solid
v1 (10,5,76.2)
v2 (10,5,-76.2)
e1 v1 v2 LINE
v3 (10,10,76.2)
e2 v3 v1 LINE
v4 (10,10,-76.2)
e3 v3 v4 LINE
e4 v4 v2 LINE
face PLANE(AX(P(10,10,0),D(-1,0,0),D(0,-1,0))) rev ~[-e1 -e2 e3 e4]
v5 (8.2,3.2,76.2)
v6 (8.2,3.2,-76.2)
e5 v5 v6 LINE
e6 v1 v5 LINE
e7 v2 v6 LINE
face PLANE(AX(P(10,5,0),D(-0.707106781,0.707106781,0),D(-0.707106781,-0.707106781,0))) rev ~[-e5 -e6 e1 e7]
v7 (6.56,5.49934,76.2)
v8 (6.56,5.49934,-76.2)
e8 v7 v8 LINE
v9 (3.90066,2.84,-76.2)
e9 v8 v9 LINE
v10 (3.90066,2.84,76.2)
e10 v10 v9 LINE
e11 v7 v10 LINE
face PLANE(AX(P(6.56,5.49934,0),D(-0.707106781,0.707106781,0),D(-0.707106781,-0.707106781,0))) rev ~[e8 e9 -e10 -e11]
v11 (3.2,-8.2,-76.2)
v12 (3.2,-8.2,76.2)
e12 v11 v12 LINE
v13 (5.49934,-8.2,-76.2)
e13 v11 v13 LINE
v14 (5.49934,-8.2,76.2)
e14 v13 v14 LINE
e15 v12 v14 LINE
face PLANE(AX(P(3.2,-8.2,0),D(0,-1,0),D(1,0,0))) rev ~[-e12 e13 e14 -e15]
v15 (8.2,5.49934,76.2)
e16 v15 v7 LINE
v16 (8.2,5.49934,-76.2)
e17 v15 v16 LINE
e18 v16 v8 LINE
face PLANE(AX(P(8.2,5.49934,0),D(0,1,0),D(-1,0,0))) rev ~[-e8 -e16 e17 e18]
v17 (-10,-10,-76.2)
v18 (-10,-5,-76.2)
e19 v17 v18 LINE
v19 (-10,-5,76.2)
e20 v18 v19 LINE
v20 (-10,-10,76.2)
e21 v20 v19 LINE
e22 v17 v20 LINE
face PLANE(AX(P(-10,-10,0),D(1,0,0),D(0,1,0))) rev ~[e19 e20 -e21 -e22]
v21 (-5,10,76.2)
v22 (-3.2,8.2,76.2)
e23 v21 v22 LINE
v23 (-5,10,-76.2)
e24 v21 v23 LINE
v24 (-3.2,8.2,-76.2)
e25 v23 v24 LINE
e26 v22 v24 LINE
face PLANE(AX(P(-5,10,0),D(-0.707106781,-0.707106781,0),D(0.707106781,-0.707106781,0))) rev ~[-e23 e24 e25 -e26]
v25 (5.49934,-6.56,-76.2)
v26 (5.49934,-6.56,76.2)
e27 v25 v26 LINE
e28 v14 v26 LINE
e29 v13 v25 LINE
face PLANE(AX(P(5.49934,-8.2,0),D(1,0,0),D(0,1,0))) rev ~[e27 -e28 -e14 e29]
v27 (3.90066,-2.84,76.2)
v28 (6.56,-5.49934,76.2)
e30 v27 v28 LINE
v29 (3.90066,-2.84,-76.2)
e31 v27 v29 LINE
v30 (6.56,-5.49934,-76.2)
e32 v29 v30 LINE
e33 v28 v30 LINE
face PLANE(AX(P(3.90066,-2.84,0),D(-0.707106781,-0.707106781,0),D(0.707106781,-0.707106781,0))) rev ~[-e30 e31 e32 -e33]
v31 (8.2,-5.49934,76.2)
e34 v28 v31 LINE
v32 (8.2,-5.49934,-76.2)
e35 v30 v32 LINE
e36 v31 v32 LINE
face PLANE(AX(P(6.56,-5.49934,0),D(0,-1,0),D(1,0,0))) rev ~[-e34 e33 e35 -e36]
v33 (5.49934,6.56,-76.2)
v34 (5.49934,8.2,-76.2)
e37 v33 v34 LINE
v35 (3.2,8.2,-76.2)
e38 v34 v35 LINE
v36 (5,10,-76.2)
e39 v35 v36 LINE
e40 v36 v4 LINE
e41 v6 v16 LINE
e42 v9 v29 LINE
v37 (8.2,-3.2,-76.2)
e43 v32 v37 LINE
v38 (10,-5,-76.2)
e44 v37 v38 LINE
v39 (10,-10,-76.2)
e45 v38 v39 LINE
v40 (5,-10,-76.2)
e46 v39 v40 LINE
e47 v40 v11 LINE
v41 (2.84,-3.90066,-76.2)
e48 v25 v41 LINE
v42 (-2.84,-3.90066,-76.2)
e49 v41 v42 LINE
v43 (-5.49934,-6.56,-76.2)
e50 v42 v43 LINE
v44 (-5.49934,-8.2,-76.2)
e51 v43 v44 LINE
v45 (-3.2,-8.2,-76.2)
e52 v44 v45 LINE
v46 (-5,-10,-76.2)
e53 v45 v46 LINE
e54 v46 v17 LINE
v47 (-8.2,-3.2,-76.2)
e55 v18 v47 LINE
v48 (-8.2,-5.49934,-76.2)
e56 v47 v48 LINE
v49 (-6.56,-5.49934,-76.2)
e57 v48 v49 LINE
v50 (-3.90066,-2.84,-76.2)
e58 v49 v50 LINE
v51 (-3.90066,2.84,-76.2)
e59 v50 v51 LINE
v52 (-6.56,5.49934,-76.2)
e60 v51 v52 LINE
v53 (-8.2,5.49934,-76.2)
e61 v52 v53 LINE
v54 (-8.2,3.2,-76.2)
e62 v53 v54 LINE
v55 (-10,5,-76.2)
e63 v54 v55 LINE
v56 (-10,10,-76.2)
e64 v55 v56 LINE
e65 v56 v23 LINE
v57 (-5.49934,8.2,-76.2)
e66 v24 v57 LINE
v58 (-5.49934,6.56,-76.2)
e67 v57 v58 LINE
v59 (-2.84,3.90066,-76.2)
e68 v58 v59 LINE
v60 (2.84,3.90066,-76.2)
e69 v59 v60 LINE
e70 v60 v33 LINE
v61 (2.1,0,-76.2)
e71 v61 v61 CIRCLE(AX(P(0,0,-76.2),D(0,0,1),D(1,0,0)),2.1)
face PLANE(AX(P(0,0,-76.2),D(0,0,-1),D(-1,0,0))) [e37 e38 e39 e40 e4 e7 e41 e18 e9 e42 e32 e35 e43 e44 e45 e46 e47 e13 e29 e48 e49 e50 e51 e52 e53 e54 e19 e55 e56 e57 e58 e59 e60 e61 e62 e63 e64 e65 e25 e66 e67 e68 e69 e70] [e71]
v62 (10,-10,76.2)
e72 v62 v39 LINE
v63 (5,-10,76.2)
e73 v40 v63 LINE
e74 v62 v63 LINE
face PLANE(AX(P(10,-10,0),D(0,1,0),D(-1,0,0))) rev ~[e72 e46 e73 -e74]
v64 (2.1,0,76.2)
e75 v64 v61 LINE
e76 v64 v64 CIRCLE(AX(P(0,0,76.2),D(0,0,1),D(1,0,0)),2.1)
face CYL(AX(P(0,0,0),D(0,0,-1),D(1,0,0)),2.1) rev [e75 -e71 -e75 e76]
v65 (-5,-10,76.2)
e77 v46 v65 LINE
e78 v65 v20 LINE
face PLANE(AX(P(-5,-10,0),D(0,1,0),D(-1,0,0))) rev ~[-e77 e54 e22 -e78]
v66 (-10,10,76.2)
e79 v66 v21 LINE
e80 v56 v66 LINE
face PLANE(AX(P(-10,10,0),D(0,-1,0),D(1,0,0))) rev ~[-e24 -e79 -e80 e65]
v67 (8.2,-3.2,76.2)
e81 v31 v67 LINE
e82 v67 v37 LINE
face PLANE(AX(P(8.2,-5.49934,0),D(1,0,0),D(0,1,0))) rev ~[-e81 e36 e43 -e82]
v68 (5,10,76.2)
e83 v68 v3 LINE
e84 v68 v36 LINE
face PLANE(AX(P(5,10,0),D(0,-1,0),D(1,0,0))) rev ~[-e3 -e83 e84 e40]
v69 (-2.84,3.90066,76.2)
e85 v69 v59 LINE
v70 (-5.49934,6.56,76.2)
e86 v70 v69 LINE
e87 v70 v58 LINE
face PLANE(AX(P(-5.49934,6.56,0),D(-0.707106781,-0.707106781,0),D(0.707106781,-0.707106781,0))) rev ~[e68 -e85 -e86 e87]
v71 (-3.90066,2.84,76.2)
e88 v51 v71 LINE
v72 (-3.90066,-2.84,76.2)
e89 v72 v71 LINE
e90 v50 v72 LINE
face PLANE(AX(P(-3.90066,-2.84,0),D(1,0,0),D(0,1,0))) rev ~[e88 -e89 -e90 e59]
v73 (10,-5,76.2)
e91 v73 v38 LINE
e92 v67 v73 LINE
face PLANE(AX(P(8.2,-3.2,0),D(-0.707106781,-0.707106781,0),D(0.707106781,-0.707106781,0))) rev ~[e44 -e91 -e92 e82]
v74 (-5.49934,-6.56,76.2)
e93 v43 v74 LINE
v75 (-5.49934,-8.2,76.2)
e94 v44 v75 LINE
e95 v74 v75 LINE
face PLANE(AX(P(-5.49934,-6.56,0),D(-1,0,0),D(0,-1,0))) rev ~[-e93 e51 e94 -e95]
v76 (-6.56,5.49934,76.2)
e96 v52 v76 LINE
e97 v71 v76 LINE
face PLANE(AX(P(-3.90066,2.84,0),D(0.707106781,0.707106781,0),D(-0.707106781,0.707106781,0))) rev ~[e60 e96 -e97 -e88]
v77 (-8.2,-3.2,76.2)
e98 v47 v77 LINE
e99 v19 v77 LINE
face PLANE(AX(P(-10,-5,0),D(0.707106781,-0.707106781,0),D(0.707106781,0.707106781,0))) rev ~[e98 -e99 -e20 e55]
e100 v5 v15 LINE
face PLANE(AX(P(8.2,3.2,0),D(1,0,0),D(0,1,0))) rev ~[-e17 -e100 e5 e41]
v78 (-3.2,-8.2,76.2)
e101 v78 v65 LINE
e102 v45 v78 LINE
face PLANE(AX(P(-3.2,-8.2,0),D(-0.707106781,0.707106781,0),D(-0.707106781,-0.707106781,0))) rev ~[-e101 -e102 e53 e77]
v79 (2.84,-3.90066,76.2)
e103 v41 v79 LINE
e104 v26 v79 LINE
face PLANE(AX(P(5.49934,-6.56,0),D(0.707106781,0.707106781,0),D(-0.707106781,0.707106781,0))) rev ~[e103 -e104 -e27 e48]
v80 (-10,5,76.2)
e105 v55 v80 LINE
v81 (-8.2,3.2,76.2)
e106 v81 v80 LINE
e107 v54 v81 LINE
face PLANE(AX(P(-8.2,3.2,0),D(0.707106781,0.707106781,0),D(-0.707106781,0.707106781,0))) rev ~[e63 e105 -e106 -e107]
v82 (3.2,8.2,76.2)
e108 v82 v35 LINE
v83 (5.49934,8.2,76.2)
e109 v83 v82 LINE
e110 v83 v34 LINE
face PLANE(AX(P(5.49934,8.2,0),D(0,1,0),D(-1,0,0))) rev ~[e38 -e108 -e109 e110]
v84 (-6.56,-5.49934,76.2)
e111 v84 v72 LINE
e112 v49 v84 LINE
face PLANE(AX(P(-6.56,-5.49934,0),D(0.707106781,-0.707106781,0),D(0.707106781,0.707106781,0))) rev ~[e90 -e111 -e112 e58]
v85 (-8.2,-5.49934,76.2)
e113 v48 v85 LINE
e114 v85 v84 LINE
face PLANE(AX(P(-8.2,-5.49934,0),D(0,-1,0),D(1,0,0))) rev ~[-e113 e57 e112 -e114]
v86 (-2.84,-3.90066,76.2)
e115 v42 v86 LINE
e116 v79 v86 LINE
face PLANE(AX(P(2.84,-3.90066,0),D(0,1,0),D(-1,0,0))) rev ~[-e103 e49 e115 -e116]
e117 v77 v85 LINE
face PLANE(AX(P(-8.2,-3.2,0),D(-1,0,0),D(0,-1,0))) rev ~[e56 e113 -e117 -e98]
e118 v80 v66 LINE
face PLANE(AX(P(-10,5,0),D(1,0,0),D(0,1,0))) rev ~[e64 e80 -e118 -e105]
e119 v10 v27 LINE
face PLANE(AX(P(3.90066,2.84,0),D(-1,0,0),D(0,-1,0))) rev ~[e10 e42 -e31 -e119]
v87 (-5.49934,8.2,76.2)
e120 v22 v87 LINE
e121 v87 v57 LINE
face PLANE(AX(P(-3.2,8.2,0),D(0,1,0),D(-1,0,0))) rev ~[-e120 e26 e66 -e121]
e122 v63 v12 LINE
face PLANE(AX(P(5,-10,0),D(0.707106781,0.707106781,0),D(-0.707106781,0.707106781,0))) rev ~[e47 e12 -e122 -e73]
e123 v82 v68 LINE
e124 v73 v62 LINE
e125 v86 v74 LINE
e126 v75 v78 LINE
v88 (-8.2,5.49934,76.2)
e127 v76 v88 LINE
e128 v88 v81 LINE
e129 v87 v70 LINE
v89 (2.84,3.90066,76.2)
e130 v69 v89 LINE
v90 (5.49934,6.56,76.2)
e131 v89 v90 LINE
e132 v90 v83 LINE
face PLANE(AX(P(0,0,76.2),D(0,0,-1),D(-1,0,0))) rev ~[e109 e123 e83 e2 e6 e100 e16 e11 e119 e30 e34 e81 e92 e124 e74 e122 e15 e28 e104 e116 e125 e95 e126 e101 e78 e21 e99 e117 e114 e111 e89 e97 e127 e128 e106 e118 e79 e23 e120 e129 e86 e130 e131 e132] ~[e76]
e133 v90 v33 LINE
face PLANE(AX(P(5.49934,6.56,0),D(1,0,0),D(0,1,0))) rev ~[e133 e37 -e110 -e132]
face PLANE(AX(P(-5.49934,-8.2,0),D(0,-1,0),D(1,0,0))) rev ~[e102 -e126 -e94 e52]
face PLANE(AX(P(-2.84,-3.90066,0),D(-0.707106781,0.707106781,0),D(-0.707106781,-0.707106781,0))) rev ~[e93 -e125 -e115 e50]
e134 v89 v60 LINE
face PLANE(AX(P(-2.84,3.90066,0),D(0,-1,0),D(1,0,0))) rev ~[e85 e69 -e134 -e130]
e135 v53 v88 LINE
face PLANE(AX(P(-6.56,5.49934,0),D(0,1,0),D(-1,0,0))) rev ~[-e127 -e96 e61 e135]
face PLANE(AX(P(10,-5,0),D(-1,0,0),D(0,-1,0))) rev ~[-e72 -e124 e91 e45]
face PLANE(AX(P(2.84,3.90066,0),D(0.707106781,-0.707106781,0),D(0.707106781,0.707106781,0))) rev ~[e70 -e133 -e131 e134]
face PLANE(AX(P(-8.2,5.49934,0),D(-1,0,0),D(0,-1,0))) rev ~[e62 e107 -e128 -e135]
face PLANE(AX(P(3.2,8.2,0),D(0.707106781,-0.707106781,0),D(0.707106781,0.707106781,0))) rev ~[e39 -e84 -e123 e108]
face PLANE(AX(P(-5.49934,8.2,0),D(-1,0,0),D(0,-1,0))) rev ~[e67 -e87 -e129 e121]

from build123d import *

# Parameters (mm, degrees)
SKETCH1_R           = 2.1
BOSS_EXTRUDE1_DEPTH = 76.2


with BuildPart() as part:
    # Sketch1 → Boss-Extrude1 (new body, symmetric)
    with BuildSketch(Plane.XY):
        Polygon((-10, 10), (-5, 10), (-3.2, 8.2), (-5.499339828, 8.2), (-5.499339828, 6.56), (-2.84, 3.900660172), (2.84, 3.900660172), (5.499339828, 6.56), (5.499339828, 8.2), (3.2, 8.2), (5, 10), (10, 10), (10, 5), (8.2, 3.2), (8.2, 5.499339828), (6.56, 5.499339828), (3.900660172, 2.84), (3.900660172, -2.84), (6.56, -5.499339828), (8.2, -5.499339828), (8.2, -3.2), (10, -5), (10, -10), (5, -10), (3.2, -8.2), (5.499339828, -8.2), (5.499339828, -6.56), (2.84, -3.900660172), (-2.84, -3.900660172), (-5.499339828, -6.56), (-5.499339828, -8.2), (-3.2, -8.2), (-5, -10), (-10, -10), (-10, -5), (-8.2, -3.2), (-8.2, -5.499339828), (-6.56, -5.499339828), (-3.900660172, -2.84), (-3.900660172, 2.84), (-6.56, 5.499339828), (-8.2, 5.499339828), (-8.2, 3.2), (-10, 5), align=None)
        Circle(SKETCH1_R, mode=Mode.SUBTRACT)
    extrude(amount=BOSS_EXTRUDE1_DEPTH, both=True)


solid = part.part
